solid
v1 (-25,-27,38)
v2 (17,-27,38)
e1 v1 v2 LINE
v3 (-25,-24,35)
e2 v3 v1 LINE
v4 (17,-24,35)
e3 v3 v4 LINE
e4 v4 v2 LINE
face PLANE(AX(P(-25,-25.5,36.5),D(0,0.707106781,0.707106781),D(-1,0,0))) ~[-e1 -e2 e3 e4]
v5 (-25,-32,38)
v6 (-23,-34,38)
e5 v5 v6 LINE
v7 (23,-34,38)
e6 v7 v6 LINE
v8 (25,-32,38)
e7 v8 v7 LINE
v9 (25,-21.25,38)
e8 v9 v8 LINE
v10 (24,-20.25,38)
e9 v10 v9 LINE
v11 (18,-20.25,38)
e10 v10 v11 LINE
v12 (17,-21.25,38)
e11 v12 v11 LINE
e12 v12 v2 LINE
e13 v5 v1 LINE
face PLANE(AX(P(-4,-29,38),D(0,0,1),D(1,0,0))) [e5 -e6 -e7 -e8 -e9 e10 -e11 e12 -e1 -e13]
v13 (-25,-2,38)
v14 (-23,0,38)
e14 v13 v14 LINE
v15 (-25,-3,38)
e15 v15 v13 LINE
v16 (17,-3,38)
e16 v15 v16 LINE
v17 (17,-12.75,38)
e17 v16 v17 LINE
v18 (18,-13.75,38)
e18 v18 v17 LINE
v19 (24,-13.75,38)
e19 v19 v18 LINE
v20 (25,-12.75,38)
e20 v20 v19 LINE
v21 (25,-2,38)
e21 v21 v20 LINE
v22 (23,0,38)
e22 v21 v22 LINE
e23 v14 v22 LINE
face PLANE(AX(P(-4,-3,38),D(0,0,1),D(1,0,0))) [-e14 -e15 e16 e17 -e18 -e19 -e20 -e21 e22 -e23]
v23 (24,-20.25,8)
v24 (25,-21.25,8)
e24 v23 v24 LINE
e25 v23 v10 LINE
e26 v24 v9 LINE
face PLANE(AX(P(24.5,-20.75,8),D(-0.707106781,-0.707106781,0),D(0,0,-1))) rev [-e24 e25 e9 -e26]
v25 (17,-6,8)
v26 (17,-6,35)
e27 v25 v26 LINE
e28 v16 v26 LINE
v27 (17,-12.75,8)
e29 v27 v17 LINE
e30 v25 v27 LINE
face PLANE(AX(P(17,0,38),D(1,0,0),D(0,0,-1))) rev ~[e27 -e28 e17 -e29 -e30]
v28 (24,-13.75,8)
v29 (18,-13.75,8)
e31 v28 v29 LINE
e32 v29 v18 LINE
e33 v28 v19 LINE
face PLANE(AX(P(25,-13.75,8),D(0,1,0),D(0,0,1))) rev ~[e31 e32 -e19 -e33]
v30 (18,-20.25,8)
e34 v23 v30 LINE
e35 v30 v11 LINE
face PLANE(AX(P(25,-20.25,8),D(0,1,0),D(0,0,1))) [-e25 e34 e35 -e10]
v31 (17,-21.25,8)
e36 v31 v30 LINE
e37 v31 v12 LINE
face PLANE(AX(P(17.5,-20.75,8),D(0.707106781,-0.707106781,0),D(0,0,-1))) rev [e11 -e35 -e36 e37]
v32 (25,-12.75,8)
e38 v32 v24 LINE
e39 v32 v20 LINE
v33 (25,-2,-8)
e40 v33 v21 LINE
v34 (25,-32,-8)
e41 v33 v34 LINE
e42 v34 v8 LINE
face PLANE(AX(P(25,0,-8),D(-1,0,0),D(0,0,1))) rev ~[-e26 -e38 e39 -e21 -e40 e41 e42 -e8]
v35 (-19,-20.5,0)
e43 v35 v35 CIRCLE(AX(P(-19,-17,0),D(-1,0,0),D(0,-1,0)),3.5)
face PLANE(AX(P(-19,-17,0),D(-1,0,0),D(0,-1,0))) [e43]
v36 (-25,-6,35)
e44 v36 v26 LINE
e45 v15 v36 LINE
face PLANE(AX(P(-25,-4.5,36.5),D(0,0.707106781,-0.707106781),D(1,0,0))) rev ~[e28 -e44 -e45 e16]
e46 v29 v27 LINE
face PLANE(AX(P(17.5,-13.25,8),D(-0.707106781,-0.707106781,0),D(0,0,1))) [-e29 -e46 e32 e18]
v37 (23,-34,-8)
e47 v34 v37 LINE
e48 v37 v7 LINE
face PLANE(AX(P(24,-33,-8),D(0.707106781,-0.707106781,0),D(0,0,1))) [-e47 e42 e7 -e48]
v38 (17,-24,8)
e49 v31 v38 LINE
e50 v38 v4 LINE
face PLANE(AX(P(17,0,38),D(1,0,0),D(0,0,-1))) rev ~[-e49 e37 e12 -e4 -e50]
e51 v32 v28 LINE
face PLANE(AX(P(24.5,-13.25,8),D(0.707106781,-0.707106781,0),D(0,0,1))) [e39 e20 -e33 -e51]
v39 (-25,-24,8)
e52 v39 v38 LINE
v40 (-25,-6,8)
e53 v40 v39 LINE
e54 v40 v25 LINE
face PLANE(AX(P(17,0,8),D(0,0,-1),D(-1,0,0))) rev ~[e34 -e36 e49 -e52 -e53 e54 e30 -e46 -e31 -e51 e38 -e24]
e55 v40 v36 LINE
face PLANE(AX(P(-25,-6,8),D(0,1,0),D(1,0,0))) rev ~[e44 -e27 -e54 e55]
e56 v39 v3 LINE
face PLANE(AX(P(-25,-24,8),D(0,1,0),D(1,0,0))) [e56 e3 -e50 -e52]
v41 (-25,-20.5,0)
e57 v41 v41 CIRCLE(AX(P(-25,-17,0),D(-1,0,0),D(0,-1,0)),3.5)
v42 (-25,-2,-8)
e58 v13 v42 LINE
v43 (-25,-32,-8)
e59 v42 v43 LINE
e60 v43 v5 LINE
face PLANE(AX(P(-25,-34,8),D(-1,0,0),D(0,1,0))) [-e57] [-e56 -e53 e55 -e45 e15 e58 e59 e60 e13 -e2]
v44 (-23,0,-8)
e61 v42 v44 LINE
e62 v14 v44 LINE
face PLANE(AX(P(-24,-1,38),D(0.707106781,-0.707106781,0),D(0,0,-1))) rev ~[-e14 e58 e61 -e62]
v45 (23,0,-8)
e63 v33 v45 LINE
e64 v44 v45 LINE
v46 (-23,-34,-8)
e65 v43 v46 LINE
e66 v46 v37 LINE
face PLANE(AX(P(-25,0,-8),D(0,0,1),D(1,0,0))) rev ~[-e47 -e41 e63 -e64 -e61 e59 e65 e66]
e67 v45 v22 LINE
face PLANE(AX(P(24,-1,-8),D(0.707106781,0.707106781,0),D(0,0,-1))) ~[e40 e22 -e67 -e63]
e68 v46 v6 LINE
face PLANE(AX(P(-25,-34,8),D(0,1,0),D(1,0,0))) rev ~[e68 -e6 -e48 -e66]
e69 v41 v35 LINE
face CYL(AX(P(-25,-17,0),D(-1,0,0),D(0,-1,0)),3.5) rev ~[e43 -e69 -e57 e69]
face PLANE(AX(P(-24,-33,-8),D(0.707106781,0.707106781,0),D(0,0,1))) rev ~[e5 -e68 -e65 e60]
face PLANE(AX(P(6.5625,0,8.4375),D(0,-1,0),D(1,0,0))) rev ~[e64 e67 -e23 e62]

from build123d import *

# Parameters (mm, degrees)
F1_DEPTH = 34
F2_W     = 6.5
F2_H     = 30
F3_DEPTH = 8
F4_R     = 3.5
F5_DEPTH = 6
F6_W     = 42
F6_H     = 10
F6_H_2   = 6
F7_DEPTH = 30
F8_SIZE  = 3
F9_SIZE  = 2
F10_SIZE = 1


with BuildPart() as f1:
    # F0 (on Front) → F1 (new body)
    with BuildSketch(Plane.XZ):
        Polygon((-20, 8), (-25, 8), (-25, -8), (25, -8), (25, 38), (17, 38), (17, 8), align=None)
    extrude(amount=F1_DEPTH)

    # F2 (on face) → F3 (cut, through all)
    with BuildSketch(Plane.YZ.offset(25)):
        with Locations((-17, 23)):
            Rectangle(F2_W, F2_H)
    extrude(amount=-F3_DEPTH, mode=Mode.SUBTRACT)

    # F4 (on face) → F5 (cut)
    with BuildSketch(Plane(origin=(-25, 0, 0), x_dir=(0, -1, 0), z_dir=(-1, 0, 0))):
        with Locations((17, 0)):
            Circle(F4_R)
    extrude(amount=-F5_DEPTH, mode=Mode.SUBTRACT)

    # F6 (on face) → F7 (join, through all)
    with BuildSketch(Plane.XY.offset(8)):
        with Locations((-4, -29)):
            Rectangle(F6_W, F6_H)
        with Locations((-4, -3)):
            Rectangle(F6_W, F6_H_2)
    extrude(amount=F7_DEPTH)

    # F8
    f8_edges = [f1.edges().sort_by_distance(p)[0] for p in [
        (-4, -24, 38),
        (-4, -6, 38),
    ]]
    chamfer(f8_edges, length=F8_SIZE)

    # F9
    f9_edges = [f1.edges().sort_by_distance(p)[0] for p in [
        (25, -34, 15),
        (25, 0, 15),
        (-25, -34, 15),
        (-25, 0, 15),
    ]]
    chamfer(f9_edges, length=F9_SIZE)

    # F10
    f10_edges = [f1.edges().sort_by_distance(p)[0] for p in [
        (17, -13.75, 23),
        (17, -20.25, 23),
        (25, -13.75, 23),
        (25, -20.25, 23),
    ]]
    chamfer(f10_edges, length=F10_SIZE)


solid = f1.part
